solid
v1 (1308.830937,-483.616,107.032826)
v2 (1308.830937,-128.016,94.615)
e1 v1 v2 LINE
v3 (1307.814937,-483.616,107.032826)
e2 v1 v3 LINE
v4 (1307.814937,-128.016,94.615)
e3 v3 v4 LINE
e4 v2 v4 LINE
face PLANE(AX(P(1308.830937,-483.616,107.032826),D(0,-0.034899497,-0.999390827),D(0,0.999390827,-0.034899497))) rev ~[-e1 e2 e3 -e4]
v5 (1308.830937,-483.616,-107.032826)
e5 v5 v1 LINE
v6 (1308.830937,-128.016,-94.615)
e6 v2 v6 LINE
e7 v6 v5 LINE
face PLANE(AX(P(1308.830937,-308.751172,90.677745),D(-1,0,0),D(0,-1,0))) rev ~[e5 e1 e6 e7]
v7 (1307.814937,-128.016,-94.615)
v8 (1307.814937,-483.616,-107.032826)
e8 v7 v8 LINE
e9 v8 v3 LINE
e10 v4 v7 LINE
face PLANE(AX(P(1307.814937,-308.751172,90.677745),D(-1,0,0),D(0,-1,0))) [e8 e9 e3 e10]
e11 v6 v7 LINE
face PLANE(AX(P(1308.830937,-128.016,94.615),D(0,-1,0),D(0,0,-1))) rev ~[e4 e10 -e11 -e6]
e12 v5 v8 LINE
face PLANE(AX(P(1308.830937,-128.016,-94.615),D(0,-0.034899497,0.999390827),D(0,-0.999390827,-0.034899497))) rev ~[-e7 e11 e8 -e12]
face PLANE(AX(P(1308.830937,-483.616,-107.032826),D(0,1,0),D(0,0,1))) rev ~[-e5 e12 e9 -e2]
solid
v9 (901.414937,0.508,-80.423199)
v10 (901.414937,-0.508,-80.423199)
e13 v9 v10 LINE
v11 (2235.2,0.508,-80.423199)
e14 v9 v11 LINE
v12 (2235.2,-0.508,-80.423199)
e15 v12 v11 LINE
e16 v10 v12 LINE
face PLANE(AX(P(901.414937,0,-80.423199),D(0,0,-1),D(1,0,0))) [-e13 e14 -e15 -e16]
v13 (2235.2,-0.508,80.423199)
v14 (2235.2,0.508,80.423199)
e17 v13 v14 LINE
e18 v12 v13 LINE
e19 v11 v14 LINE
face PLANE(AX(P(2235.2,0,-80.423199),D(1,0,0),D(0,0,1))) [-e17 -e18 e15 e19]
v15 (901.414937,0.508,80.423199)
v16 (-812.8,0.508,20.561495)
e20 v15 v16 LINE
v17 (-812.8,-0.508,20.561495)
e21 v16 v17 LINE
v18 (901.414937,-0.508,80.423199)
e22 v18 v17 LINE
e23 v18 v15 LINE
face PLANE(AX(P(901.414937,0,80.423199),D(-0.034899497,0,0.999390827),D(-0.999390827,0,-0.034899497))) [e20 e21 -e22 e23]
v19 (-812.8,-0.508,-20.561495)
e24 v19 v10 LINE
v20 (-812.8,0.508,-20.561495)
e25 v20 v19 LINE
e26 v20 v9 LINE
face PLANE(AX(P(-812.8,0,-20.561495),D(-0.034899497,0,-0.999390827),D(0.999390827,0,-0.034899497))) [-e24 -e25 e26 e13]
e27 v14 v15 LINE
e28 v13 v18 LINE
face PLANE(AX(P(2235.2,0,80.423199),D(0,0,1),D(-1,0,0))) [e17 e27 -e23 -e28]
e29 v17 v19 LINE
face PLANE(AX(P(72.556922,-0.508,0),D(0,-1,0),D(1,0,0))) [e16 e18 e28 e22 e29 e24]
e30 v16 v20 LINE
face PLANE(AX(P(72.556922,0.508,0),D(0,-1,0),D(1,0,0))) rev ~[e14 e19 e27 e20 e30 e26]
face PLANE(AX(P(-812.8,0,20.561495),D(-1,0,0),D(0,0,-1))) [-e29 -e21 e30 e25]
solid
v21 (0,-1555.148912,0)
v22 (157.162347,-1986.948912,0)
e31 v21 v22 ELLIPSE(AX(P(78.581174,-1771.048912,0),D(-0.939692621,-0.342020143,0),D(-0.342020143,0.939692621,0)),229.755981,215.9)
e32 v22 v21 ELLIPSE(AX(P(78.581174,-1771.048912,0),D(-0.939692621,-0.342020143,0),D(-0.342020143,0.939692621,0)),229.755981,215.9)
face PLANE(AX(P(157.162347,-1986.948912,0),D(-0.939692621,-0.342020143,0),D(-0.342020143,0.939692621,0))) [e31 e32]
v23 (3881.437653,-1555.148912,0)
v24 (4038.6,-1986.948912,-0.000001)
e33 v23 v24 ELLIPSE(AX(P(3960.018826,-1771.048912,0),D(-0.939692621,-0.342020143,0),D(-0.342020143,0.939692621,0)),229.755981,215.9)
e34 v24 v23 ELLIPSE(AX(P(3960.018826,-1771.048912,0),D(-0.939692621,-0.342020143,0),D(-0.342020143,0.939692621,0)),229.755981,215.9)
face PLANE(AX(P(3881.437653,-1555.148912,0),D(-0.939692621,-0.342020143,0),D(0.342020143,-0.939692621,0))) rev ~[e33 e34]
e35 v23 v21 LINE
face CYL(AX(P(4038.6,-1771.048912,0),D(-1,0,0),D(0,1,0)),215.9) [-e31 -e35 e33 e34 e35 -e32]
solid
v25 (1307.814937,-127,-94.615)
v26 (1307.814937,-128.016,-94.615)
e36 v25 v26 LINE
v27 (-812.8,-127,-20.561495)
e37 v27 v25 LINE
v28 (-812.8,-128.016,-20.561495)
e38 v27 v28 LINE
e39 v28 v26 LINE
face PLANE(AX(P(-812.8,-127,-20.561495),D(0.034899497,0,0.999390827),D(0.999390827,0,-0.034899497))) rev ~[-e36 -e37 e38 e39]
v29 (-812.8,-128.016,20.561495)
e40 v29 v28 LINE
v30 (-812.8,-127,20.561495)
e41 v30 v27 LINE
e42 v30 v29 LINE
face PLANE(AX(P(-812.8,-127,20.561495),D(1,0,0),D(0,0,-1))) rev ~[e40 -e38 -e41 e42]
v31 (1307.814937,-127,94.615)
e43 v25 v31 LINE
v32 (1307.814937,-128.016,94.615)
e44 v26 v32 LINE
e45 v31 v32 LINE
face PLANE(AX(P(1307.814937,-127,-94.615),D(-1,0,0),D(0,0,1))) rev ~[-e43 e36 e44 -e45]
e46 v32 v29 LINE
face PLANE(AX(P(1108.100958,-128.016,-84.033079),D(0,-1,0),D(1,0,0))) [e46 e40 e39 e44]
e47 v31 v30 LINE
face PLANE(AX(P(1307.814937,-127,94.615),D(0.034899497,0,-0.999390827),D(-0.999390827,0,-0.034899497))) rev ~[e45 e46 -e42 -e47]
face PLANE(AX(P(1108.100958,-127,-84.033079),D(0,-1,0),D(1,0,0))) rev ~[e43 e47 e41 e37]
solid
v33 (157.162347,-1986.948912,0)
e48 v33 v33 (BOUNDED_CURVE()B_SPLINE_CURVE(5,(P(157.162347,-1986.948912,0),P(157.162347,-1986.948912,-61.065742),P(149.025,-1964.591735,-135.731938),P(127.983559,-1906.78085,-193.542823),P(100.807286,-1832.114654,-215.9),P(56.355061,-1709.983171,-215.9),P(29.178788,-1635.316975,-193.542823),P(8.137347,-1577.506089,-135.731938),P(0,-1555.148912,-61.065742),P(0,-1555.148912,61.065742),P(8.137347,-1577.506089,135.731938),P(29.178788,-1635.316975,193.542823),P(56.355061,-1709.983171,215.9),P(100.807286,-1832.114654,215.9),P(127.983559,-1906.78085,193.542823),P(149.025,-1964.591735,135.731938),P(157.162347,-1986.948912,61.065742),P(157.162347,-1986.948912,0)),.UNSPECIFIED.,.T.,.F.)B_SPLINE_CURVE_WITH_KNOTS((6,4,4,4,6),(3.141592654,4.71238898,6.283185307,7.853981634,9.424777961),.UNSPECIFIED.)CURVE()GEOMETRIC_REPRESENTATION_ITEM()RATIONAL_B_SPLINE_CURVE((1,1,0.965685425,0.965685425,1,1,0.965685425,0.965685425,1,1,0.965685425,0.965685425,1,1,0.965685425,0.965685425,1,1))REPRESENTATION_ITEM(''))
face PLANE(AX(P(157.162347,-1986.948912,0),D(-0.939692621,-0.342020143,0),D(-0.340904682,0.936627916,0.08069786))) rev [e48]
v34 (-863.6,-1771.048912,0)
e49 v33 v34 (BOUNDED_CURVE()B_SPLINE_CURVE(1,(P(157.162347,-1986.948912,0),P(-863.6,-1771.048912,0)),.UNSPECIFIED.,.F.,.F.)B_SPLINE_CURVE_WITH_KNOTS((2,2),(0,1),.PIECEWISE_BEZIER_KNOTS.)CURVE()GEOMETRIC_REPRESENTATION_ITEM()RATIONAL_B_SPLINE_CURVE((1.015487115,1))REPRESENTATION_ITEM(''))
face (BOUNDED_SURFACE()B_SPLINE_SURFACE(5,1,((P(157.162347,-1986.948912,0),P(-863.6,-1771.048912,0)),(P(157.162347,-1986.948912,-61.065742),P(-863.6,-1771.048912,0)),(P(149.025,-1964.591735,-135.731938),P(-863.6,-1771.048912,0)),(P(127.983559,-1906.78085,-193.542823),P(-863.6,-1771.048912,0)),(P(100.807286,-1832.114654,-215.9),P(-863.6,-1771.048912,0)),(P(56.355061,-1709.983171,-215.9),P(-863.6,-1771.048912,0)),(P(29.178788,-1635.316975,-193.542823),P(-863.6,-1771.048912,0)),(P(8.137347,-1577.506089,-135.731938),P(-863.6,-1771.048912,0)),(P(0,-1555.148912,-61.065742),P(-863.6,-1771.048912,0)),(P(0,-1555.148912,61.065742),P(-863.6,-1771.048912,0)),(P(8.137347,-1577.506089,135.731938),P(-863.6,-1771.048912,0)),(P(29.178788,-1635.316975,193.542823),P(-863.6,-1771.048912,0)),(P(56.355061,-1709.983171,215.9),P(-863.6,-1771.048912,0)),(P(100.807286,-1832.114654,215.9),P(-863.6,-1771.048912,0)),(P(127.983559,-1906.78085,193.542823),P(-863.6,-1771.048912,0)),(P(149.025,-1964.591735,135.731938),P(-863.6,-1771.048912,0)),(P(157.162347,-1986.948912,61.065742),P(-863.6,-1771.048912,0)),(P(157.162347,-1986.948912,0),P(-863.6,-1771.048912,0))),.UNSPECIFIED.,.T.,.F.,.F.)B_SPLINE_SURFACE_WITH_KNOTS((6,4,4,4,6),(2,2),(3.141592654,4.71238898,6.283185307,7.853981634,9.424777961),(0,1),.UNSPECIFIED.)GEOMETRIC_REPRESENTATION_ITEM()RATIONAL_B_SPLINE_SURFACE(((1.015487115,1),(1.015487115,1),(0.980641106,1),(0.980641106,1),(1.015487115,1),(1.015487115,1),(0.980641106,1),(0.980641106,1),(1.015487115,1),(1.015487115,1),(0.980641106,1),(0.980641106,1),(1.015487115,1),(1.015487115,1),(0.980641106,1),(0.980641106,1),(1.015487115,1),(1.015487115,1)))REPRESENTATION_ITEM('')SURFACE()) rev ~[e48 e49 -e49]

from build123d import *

# Parameters (mm, degrees)
F0_W     = 406.4
F0_H     = 160.8463985571
F0_W_2   = 355.6
F0_W_3   = 571.7850625672
F1_DEPTH = 0.508
F2_START = 127
F2_DEPTH = 1.016
F3_START = 127
F3_DEPTH = 1.016
F4_ANGLE = 90
F7_DEPTH = 254


with BuildPart() as f1:
    # F0 (on Front) → F1 (new body, symmetric)
    with BuildSketch(Plane.XZ):
        Polygon((901.4149374328, 80.4231992786), (-812.8, 20.5614945892), (-812.8, -20.5614945891), (901.4149374328, -80.4231992786), align=None)
        with Locations((1104.6149374328, 0)):
            Rectangle(F0_W, F0_H)
        with Locations((1485.6149374328, 0)):
            Rectangle(F0_W_2, F0_H)
        with Locations((1949.3074687164, 0)):
            Rectangle(F0_W_3, F0_H)
    extrude(amount=F1_DEPTH, both=True)


with BuildPart() as f2:
    # F0 (on Front) → F2 (new body)
    with BuildSketch(Plane.XZ.offset(F2_START)):
        Polygon((1307.8149374328, -80.4231992786), (901.4149374328, -80.4231992786), (1307.8149374328, -94.615), align=None)
        Polygon((1307.8149374328, 94.615), (901.4149374328, 80.4231992786), (1307.8149374328, 80.4231992786), align=None)
        with Locations((1104.6149374328, 0)):
            Rectangle(F0_W, F0_H)
        Polygon((901.4149374328, 80.4231992786), (-812.8, 20.5614945892), (-812.8, -20.5614945891), (901.4149374328, -80.4231992786), align=None)
    extrude(amount=F2_DEPTH)


with BuildPart() as f3:
    # F0 (on Front) → F3 (new body)
    with BuildSketch(Plane.XZ.offset(F3_START)):
        Polygon((1663.4149374328, 107.0328256313), (1307.8149374328, 94.615), (1307.8149374328, 80.4231992786), (1663.4149374328, 80.4231992786), align=None)
        with Locations((1485.6149374328, 0)):
            Rectangle(F0_W_2, F0_H)
        Polygon((1307.8149374328, -80.4231992786), (1307.8149374328, -94.615), (1663.4149374328, -107.0328256313), (1663.4149374328, -80.4231992786), align=None)
    extrude(amount=F3_DEPTH)


with BuildPart() as f3_1:
    # F4: moved
    add(f3.part.rotate(Axis((1307.8149374328, -128.016, 0), (0, 0, -1)), F4_ANGLE))


with BuildPart() as f6:
    # F5 (on Top) → F6 (revolve)
    with BuildSketch(Plane.XY):
        Polygon((3881.4376528439, -1555.1489124103), (0, -1555.1489124103), (78.5811735781, -1771.0489124103), (3960.0188264219, -1771.0489124103), align=None)
        Polygon((4038.6, -1555.1489124103), (3881.4376528439, -1555.1489124103), (3960.0188264219, -1771.0489124103), (4038.6, -1771.0489124103), align=None)
        Polygon((0, -1555.1489124103), (0, -1771.0489124103), (78.5811735781, -1771.0489124103), align=None)
    revolve(axis=Axis((2019.3, -1771.0489124103, 0), (-1, 0, 0)))

    # F5 (on Top) → F7 (cut, symmetric)
    with BuildSketch(Plane.XY):
        Polygon((78.5811735781, -1771.0489124103), (0, -1771.0489124103), (0, -1986.9489124103), (157.1623471561, -1986.9489124103), align=None)
        Polygon((0, -1555.1489124103), (0, -1771.0489124103), (78.5811735781, -1771.0489124103), align=None)
        Polygon((4038.6, -1555.1489124103), (3881.4376528439, -1555.1489124103), (3960.0188264219, -1771.0489124103), (4038.6, -1771.0489124103), align=None)
        Polygon((4038.6, -1771.0489124103), (3960.0188264219, -1771.0489124103), (4038.6, -1986.9489124103), align=None)
    extrude(amount=F7_DEPTH, both=True, mode=Mode.SUBTRACT)


with BuildPart() as f8:
    # F7_face (on face) → F8 section 0
    with BuildSketch(Plane(origin=(78.5811735781, -1771.0489124103, 0), x_dir=(0.3420201433, -0.9396926208, 0), z_dir=(-0.9396926208, -0.3420201433, 0)), mode=Mode.PRIVATE) as f8_s0:
        with BuildLine():
            add(Edge.make_bspline(
                [(-229.7559810775, 0), (-229.7559810775, 215.9), (0, 215.9), (229.7559810775, 215.9), (229.7559810775, 0)],
                knots=[0, 0, 0, 1.5707963268, 1.5707963268, 3.1415926536, 3.1415926536, 3.1415926536], degree=2, weights=[1, 0.7071067812, 1, 0.7071067812, 1]))
            add(Edge.make_bspline(
                [(229.7559810775, 0), (229.7559810775, -215.9), (0, -215.9), (-229.7559810775, -215.9), (-229.7559810775, 0)],
                knots=[3.1415926536, 3.1415926536, 3.1415926536, 4.7123889804, 4.7123889804, 6.2831853072, 6.2831853072, 6.2831853072], degree=2, weights=[1, 0.7071067812, 1, 0.7071067812, 1]))
        make_face()
    loft([f8_s0.sketch, Vertex(-863.6, -1771.0489124103, 0)])


solid = Compound([f1.part, f2.part, f3_1.part, f6.part, f8.part])
